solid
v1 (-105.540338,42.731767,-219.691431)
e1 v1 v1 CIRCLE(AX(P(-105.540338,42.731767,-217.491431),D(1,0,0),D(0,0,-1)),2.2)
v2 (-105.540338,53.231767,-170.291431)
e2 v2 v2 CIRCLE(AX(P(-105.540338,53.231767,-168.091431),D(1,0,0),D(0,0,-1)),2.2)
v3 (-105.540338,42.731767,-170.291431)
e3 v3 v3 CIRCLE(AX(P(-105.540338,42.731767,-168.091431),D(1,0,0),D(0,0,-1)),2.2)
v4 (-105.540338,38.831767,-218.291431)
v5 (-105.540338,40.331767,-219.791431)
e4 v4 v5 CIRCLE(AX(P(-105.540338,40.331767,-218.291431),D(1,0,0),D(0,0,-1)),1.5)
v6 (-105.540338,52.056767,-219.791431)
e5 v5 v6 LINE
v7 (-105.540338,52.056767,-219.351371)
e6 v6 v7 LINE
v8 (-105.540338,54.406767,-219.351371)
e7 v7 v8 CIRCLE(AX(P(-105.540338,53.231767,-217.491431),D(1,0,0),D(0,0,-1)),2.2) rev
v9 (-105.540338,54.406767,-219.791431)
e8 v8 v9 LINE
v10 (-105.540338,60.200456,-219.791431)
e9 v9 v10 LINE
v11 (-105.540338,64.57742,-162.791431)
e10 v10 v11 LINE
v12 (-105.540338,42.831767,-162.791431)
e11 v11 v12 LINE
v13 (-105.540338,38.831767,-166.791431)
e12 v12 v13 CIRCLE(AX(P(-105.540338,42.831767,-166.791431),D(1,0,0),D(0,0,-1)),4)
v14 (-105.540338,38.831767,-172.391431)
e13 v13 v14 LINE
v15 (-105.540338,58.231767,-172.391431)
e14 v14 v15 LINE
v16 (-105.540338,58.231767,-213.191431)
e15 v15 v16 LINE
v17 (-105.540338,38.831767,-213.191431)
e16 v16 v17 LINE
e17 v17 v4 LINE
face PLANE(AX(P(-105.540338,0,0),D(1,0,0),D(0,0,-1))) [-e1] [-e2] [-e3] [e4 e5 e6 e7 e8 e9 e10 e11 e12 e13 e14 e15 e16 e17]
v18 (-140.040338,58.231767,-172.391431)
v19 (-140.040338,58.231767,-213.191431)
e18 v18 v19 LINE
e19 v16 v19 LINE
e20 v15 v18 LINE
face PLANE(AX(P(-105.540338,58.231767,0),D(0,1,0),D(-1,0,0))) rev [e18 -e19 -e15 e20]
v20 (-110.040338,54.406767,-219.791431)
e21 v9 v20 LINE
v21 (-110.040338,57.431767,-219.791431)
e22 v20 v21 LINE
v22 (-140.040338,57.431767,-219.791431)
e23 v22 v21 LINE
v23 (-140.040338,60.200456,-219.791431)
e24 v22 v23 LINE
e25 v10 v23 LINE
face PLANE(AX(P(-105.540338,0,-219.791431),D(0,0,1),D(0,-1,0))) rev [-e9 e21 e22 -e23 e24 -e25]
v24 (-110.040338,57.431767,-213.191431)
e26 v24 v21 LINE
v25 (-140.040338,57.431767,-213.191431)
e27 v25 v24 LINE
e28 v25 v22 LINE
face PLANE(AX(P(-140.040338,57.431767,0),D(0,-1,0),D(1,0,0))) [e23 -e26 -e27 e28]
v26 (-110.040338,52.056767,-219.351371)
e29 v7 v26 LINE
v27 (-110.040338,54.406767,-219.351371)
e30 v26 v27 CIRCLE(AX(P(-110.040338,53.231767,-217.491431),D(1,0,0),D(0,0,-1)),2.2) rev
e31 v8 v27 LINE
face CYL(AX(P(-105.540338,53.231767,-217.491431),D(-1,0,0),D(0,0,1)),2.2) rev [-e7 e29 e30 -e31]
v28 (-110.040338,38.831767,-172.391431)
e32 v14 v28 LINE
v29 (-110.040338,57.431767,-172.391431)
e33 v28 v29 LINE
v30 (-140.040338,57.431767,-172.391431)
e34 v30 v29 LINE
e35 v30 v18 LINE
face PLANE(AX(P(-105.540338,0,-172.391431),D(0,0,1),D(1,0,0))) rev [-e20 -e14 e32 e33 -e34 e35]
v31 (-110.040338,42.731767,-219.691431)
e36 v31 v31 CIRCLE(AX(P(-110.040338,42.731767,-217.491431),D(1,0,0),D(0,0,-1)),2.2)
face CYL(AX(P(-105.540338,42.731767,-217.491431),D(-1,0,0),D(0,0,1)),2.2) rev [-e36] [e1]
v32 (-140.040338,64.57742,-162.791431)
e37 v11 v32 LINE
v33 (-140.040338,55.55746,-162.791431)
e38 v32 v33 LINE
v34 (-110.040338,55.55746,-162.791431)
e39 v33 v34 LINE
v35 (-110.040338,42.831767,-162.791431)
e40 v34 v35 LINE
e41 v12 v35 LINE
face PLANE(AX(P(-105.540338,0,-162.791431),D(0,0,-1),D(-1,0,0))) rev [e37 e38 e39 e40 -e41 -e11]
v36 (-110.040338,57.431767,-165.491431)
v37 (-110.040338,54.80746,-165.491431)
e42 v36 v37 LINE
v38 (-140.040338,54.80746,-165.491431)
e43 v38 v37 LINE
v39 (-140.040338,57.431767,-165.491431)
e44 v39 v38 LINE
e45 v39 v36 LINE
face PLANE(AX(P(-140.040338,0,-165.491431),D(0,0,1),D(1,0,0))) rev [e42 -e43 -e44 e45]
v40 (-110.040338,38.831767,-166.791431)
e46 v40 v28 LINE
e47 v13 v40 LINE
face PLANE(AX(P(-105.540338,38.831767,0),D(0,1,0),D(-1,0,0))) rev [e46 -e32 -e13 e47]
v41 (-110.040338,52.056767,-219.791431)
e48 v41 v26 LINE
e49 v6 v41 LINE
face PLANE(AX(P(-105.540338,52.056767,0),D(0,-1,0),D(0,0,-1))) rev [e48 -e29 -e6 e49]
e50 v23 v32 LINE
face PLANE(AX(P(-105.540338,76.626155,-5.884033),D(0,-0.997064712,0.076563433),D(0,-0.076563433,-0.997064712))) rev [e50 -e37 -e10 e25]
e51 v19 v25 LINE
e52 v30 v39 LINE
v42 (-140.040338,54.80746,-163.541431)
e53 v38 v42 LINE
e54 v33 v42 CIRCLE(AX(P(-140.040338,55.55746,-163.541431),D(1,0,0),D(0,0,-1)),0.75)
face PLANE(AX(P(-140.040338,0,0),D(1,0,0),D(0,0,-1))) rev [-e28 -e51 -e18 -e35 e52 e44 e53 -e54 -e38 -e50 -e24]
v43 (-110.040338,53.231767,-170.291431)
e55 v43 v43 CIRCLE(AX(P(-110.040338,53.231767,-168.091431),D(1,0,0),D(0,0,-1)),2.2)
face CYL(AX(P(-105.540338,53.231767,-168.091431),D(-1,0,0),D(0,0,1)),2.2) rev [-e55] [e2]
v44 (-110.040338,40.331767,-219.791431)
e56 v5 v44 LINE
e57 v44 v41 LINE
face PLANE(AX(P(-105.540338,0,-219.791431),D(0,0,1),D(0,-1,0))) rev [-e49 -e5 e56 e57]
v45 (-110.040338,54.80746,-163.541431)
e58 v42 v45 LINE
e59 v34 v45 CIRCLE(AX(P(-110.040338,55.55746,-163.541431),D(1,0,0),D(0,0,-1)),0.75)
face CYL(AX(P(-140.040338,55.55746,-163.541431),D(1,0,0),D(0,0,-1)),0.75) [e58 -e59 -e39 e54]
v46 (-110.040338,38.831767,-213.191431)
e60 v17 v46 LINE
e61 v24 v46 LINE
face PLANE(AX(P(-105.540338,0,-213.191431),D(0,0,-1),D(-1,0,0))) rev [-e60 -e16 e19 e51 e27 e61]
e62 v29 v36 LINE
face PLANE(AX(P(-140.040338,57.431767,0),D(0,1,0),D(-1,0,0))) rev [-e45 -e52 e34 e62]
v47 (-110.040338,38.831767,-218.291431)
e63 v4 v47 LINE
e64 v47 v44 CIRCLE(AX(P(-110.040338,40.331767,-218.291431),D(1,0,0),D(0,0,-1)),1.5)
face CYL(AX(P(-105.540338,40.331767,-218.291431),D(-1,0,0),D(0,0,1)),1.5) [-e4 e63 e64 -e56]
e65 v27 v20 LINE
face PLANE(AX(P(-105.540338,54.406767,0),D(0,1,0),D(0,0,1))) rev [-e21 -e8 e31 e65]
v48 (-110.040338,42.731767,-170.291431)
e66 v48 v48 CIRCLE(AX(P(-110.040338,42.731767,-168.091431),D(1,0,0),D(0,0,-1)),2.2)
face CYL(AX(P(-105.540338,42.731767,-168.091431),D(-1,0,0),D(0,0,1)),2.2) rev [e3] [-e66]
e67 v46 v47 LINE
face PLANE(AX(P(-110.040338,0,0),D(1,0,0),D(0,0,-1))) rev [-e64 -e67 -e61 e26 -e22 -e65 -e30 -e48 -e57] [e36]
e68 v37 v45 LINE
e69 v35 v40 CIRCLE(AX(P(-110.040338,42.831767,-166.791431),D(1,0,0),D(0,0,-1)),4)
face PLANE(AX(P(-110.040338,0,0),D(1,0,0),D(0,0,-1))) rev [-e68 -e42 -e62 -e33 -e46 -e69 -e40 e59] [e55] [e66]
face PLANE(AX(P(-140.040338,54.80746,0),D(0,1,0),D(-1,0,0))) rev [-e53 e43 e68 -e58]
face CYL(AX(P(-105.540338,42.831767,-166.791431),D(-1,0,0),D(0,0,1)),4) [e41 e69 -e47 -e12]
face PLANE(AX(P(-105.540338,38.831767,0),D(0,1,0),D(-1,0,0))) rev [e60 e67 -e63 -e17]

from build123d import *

# Parameters (mm, degrees)
SKETCH1_R           = 2.2
BOSS_EXTRUDE1_DEPTH = 4.5
BOSS_EXTRUDE2_DEPTH = 30


with BuildPart() as part:
    # Sketch1 → Boss-Extrude1 (new body)
    with BuildSketch(Plane(origin=(-110.040337845, 0, 0), x_dir=(0, 0, -1), z_dir=(1, 0, 0))):
        with BuildLine():
            Line((172.391431391, 38.831766631), (172.391431391, 58.231766631))
            Line((172.391431391, 58.231766631), (213.191431391, 58.231766631))
            Line((213.191431391, 58.231766631), (213.191431391, 38.831766631))
            Line((213.191431391, 38.831766631), (218.291431391, 38.831766631))
            ThreePointArc((218.291431391, 38.831766631), (219.352091563, 39.27110646), (219.791431391, 40.331766631))
            Line((219.791431391, 40.331766631), (219.791431391, 52.056766631))
            Line((219.791431391, 52.056766631), (219.351370906, 52.056766631))
            ThreePointArc((219.351370906, 52.056766631), (215.291431391, 53.231766631), (219.351370906, 54.406766631))
            Line((219.351370906, 54.406766631), (219.791431391, 54.406766631))
            Line((219.791431391, 54.406766631), (219.791431391, 60.200456158))
            Line((219.791431391, 60.200456158), (162.791431391, 64.577419509))
            Line((162.791431391, 64.577419509), (162.791431391, 42.831766631))
            ThreePointArc((162.791431391, 42.831766631), (163.963004266, 40.003339507), (166.791431391, 38.831766631))
            Line((166.791431391, 38.831766631), (172.391431391, 38.831766631))
        make_face()
        with Locations((168.091431391, 42.731766631)):
            Circle(SKETCH1_R, mode=Mode.SUBTRACT)
        with Locations((168.091431391, 53.231766631)):
            Circle(SKETCH1_R, mode=Mode.SUBTRACT)
        with Locations((217.491431391, 42.731766631)):
            Circle(SKETCH1_R, mode=Mode.SUBTRACT)
    extrude(amount=BOSS_EXTRUDE1_DEPTH)

    # Sketch1<3> → Boss-Extrude2 (add)
    with BuildSketch(Plane(origin=(-110.040337845, 0, 0), x_dir=(0, 0, -1), z_dir=(1, 0, 0))):
        with BuildLine():
            Line((162.791431391, 64.577419509), (162.791431391, 55.557459873))
            ThreePointArc((162.791431391, 55.557459873), (163.011101309, 55.027129783), (163.541431403, 54.807459873))
            Line((163.541431403, 54.807459873), (165.491431391, 54.807459873))
            Line((165.491431391, 54.807459873), (165.491431391, 57.431766631))
            Line((165.491431391, 57.431766631), (172.391431391, 57.431766631))
            Line((172.391431391, 57.431766631), (172.391431391, 58.231766631))
            Line((172.391431391, 58.231766631), (213.191431391, 58.231766631))
            Line((213.191431391, 58.231766631), (213.191431391, 57.431766631))
            Line((213.191431391, 57.431766631), (219.791431391, 57.431766631))
            Line((219.791431391, 57.431766631), (219.791431391, 60.200456158))
            Line((219.791431391, 60.200456158), (162.791431391, 64.577419509))
        make_face()
    extrude(amount=-BOSS_EXTRUDE2_DEPTH)


solid = part.part
